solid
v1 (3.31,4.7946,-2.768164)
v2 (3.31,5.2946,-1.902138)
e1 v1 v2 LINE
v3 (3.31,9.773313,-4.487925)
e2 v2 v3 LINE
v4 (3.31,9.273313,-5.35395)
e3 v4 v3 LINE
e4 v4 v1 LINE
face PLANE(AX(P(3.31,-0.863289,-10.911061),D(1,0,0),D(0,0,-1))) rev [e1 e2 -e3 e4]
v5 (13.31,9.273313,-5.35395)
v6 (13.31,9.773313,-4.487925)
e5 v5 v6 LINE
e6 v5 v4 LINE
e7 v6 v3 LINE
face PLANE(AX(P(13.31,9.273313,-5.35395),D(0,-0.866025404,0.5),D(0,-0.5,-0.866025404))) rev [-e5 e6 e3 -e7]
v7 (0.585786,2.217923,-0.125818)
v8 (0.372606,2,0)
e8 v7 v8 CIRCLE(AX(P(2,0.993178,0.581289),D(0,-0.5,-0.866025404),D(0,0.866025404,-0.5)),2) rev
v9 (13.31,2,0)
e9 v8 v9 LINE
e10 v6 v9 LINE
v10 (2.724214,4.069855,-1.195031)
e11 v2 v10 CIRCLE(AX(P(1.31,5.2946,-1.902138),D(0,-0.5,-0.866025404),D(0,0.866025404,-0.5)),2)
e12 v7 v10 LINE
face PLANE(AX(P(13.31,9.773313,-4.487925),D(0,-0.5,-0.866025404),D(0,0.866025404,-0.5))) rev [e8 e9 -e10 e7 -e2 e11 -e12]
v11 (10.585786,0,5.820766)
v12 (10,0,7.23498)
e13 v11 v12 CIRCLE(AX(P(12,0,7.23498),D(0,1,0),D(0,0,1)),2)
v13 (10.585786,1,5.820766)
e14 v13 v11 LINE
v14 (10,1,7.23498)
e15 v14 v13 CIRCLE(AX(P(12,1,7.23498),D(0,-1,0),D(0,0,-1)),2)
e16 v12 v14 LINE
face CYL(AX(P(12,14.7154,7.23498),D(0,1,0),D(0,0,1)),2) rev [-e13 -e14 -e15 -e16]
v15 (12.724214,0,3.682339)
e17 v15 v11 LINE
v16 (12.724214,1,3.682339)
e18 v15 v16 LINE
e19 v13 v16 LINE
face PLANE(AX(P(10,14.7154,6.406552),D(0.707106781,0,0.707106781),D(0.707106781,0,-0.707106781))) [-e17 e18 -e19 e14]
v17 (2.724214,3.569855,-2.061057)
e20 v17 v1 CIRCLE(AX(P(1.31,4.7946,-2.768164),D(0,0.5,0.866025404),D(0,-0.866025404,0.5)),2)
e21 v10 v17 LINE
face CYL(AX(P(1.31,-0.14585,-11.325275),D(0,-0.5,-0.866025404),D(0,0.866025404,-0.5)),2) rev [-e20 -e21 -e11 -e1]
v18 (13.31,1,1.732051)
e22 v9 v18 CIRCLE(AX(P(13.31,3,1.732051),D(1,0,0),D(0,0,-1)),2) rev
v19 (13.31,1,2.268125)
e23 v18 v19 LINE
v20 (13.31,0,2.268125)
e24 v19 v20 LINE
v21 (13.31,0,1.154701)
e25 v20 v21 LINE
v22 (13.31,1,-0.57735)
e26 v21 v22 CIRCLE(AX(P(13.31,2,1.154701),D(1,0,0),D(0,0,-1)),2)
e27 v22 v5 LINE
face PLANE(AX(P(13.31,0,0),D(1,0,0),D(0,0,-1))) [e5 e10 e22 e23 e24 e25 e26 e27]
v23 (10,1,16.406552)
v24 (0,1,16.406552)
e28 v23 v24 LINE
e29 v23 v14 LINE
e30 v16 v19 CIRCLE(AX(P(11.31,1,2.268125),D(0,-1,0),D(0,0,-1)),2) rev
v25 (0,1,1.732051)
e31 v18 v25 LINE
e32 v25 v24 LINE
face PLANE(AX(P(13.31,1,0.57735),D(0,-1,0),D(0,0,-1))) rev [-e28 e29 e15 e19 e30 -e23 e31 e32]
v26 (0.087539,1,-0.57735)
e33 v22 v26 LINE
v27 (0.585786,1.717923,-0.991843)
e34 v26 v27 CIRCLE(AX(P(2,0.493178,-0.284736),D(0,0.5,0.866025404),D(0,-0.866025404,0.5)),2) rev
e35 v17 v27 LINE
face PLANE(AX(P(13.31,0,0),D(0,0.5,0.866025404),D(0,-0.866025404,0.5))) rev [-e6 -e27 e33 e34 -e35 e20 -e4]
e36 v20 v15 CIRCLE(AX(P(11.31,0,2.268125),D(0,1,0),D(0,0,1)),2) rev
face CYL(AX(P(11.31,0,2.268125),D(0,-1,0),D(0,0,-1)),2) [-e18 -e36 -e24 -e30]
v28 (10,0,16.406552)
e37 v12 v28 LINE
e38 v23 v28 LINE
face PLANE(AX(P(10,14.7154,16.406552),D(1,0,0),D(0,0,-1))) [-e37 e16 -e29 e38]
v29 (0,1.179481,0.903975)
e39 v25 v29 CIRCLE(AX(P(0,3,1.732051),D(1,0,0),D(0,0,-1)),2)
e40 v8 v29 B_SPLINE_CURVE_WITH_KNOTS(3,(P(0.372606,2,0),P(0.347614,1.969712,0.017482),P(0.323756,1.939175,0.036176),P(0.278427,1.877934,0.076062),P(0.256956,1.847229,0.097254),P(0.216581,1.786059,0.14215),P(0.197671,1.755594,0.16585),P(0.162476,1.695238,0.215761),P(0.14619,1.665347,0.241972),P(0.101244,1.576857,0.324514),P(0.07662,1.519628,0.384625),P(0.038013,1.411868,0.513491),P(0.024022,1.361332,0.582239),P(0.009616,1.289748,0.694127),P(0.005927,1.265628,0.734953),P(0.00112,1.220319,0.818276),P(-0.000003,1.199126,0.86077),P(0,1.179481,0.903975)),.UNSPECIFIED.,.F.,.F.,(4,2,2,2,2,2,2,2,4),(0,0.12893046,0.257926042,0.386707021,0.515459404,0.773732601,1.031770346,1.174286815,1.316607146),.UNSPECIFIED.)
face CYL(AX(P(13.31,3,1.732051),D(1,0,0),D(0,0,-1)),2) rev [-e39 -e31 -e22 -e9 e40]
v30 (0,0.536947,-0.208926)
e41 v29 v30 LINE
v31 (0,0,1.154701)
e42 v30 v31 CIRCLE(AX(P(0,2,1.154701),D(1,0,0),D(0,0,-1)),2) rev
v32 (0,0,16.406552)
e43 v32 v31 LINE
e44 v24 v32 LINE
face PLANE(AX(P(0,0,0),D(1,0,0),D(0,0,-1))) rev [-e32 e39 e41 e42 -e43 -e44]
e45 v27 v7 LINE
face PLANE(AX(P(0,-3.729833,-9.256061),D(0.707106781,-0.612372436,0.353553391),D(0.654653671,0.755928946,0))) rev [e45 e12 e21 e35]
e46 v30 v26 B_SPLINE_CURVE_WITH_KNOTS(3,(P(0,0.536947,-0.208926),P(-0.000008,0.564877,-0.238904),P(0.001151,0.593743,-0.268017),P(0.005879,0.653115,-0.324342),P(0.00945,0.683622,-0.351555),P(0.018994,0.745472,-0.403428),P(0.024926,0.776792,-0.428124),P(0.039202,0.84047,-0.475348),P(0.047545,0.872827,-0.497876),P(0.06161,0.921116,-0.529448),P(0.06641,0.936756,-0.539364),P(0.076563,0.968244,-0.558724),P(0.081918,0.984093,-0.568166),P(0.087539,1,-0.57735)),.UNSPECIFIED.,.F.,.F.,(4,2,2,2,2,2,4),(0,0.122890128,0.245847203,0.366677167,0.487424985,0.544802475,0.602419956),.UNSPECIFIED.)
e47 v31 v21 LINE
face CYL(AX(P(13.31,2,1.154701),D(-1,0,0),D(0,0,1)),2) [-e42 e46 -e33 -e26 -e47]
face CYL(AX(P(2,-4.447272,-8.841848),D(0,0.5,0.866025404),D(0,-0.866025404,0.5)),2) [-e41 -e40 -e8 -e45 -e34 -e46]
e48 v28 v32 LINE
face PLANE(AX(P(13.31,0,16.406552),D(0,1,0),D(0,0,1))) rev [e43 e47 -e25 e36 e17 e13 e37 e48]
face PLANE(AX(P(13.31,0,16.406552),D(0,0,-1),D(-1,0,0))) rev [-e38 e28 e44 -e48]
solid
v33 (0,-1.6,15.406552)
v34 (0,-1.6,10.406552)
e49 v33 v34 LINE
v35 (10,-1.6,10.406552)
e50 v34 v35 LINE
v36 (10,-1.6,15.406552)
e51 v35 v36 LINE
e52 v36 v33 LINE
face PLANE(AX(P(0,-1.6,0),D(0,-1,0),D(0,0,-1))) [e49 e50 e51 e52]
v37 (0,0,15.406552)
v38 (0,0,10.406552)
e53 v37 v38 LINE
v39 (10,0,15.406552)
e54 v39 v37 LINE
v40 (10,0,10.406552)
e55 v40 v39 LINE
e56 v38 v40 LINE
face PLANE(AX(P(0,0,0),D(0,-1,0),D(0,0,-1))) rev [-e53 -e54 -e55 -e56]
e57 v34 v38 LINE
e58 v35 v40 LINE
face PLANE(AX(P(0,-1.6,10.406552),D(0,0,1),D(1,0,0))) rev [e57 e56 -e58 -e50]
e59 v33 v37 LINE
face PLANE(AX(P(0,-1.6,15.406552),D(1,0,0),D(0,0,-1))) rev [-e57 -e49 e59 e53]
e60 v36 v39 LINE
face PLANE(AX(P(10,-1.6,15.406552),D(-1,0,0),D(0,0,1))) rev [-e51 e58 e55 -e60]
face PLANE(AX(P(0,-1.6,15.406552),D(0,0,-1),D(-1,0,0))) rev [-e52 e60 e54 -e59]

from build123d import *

# Parameters (mm, degrees)
BOSS_EXTRUDE1_DEPTH = 13.31
CUT_EXTRUDE1_DEPTH  = 1
CUT_EXTRUDE2_DEPTH  = 1
FILLET1_R           = 2
FILLET2_R           = 2
SKETCH4_W           = 10
SKETCH4_H           = 5
BOSS_EXTRUDE2_DEPTH = 1.6


with BuildPart() as part:
    # Sketch1 → Boss-Extrude1 (new body)
    with BuildSketch(Plane(origin=(0, 0, 0), x_dir=(0, 0, -1), z_dir=(1, 0, 0))):
        Polygon((4.487924596, 9.773313421), (-0.577350269, 1), (-16.4065524, 1), (-16.4065524, 0), (0, 0), (5.35395, 9.273313421), align=None)
    extrude(amount=BOSS_EXTRUDE1_DEPTH)

    # Sketch2 → Cut-Extrude1 (cut)
    with BuildSketch(Plane(origin=(0, 0, 0), x_dir=(1, 0, 0), z_dir=(0, 1, 0))):
        Polygon((13.31, -16.4065524), (10, -16.4065524), (10, -6.4065524), (13.31, -3.0965524), align=None)
    extrude(amount=CUT_EXTRUDE1_DEPTH, mode=Mode.SUBTRACT)

    # Sketch3 → Cut-Extrude2 (cut)
    with BuildSketch(Plane(origin=(0, 0.49999999999999784, 0.8660254037844414), x_dir=(1, 0, 0), z_dir=(0, 0.49999999999999734, 0.8660254037844402))):
        Polygon((0, 10.7079), (0, 1.3979), (3.31, 4.7079), (3.31, 10.7079), align=None)
    extrude(amount=-CUT_EXTRUDE2_DEPTH, mode=Mode.SUBTRACT)

    # Fillet1
    fillet1_edges = [part.edges().sort_by_distance(p)[0] for p in [
        (6.655, 1, 0.577350269),
        (6.655, 0, 0),
    ]]
    fillet(fillet1_edges, radius=FILLET1_R)

    # Fillet2
    fillet2_edges = [part.edges().sort_by_distance(p)[0] for p in [
        (3.31, 4.327160998, -1.920937298),
        (0, 1.467644852, -0.25376455),
        (10, 0.5, 6.4065524),
        (13.31, 0.5, 3.0965524),
    ]]
    fillet(fillet2_edges, radius=FILLET2_R)


with BuildPart() as body_2:
    # Sketch4 → Boss-Extrude2 (new body)
    with BuildSketch(Plane.XZ):
        with Locations((5, 12.9065524)):
            Rectangle(SKETCH4_W, SKETCH4_H)
    extrude(amount=BOSS_EXTRUDE2_DEPTH)


solid = Compound([part.part, body_2.part])
